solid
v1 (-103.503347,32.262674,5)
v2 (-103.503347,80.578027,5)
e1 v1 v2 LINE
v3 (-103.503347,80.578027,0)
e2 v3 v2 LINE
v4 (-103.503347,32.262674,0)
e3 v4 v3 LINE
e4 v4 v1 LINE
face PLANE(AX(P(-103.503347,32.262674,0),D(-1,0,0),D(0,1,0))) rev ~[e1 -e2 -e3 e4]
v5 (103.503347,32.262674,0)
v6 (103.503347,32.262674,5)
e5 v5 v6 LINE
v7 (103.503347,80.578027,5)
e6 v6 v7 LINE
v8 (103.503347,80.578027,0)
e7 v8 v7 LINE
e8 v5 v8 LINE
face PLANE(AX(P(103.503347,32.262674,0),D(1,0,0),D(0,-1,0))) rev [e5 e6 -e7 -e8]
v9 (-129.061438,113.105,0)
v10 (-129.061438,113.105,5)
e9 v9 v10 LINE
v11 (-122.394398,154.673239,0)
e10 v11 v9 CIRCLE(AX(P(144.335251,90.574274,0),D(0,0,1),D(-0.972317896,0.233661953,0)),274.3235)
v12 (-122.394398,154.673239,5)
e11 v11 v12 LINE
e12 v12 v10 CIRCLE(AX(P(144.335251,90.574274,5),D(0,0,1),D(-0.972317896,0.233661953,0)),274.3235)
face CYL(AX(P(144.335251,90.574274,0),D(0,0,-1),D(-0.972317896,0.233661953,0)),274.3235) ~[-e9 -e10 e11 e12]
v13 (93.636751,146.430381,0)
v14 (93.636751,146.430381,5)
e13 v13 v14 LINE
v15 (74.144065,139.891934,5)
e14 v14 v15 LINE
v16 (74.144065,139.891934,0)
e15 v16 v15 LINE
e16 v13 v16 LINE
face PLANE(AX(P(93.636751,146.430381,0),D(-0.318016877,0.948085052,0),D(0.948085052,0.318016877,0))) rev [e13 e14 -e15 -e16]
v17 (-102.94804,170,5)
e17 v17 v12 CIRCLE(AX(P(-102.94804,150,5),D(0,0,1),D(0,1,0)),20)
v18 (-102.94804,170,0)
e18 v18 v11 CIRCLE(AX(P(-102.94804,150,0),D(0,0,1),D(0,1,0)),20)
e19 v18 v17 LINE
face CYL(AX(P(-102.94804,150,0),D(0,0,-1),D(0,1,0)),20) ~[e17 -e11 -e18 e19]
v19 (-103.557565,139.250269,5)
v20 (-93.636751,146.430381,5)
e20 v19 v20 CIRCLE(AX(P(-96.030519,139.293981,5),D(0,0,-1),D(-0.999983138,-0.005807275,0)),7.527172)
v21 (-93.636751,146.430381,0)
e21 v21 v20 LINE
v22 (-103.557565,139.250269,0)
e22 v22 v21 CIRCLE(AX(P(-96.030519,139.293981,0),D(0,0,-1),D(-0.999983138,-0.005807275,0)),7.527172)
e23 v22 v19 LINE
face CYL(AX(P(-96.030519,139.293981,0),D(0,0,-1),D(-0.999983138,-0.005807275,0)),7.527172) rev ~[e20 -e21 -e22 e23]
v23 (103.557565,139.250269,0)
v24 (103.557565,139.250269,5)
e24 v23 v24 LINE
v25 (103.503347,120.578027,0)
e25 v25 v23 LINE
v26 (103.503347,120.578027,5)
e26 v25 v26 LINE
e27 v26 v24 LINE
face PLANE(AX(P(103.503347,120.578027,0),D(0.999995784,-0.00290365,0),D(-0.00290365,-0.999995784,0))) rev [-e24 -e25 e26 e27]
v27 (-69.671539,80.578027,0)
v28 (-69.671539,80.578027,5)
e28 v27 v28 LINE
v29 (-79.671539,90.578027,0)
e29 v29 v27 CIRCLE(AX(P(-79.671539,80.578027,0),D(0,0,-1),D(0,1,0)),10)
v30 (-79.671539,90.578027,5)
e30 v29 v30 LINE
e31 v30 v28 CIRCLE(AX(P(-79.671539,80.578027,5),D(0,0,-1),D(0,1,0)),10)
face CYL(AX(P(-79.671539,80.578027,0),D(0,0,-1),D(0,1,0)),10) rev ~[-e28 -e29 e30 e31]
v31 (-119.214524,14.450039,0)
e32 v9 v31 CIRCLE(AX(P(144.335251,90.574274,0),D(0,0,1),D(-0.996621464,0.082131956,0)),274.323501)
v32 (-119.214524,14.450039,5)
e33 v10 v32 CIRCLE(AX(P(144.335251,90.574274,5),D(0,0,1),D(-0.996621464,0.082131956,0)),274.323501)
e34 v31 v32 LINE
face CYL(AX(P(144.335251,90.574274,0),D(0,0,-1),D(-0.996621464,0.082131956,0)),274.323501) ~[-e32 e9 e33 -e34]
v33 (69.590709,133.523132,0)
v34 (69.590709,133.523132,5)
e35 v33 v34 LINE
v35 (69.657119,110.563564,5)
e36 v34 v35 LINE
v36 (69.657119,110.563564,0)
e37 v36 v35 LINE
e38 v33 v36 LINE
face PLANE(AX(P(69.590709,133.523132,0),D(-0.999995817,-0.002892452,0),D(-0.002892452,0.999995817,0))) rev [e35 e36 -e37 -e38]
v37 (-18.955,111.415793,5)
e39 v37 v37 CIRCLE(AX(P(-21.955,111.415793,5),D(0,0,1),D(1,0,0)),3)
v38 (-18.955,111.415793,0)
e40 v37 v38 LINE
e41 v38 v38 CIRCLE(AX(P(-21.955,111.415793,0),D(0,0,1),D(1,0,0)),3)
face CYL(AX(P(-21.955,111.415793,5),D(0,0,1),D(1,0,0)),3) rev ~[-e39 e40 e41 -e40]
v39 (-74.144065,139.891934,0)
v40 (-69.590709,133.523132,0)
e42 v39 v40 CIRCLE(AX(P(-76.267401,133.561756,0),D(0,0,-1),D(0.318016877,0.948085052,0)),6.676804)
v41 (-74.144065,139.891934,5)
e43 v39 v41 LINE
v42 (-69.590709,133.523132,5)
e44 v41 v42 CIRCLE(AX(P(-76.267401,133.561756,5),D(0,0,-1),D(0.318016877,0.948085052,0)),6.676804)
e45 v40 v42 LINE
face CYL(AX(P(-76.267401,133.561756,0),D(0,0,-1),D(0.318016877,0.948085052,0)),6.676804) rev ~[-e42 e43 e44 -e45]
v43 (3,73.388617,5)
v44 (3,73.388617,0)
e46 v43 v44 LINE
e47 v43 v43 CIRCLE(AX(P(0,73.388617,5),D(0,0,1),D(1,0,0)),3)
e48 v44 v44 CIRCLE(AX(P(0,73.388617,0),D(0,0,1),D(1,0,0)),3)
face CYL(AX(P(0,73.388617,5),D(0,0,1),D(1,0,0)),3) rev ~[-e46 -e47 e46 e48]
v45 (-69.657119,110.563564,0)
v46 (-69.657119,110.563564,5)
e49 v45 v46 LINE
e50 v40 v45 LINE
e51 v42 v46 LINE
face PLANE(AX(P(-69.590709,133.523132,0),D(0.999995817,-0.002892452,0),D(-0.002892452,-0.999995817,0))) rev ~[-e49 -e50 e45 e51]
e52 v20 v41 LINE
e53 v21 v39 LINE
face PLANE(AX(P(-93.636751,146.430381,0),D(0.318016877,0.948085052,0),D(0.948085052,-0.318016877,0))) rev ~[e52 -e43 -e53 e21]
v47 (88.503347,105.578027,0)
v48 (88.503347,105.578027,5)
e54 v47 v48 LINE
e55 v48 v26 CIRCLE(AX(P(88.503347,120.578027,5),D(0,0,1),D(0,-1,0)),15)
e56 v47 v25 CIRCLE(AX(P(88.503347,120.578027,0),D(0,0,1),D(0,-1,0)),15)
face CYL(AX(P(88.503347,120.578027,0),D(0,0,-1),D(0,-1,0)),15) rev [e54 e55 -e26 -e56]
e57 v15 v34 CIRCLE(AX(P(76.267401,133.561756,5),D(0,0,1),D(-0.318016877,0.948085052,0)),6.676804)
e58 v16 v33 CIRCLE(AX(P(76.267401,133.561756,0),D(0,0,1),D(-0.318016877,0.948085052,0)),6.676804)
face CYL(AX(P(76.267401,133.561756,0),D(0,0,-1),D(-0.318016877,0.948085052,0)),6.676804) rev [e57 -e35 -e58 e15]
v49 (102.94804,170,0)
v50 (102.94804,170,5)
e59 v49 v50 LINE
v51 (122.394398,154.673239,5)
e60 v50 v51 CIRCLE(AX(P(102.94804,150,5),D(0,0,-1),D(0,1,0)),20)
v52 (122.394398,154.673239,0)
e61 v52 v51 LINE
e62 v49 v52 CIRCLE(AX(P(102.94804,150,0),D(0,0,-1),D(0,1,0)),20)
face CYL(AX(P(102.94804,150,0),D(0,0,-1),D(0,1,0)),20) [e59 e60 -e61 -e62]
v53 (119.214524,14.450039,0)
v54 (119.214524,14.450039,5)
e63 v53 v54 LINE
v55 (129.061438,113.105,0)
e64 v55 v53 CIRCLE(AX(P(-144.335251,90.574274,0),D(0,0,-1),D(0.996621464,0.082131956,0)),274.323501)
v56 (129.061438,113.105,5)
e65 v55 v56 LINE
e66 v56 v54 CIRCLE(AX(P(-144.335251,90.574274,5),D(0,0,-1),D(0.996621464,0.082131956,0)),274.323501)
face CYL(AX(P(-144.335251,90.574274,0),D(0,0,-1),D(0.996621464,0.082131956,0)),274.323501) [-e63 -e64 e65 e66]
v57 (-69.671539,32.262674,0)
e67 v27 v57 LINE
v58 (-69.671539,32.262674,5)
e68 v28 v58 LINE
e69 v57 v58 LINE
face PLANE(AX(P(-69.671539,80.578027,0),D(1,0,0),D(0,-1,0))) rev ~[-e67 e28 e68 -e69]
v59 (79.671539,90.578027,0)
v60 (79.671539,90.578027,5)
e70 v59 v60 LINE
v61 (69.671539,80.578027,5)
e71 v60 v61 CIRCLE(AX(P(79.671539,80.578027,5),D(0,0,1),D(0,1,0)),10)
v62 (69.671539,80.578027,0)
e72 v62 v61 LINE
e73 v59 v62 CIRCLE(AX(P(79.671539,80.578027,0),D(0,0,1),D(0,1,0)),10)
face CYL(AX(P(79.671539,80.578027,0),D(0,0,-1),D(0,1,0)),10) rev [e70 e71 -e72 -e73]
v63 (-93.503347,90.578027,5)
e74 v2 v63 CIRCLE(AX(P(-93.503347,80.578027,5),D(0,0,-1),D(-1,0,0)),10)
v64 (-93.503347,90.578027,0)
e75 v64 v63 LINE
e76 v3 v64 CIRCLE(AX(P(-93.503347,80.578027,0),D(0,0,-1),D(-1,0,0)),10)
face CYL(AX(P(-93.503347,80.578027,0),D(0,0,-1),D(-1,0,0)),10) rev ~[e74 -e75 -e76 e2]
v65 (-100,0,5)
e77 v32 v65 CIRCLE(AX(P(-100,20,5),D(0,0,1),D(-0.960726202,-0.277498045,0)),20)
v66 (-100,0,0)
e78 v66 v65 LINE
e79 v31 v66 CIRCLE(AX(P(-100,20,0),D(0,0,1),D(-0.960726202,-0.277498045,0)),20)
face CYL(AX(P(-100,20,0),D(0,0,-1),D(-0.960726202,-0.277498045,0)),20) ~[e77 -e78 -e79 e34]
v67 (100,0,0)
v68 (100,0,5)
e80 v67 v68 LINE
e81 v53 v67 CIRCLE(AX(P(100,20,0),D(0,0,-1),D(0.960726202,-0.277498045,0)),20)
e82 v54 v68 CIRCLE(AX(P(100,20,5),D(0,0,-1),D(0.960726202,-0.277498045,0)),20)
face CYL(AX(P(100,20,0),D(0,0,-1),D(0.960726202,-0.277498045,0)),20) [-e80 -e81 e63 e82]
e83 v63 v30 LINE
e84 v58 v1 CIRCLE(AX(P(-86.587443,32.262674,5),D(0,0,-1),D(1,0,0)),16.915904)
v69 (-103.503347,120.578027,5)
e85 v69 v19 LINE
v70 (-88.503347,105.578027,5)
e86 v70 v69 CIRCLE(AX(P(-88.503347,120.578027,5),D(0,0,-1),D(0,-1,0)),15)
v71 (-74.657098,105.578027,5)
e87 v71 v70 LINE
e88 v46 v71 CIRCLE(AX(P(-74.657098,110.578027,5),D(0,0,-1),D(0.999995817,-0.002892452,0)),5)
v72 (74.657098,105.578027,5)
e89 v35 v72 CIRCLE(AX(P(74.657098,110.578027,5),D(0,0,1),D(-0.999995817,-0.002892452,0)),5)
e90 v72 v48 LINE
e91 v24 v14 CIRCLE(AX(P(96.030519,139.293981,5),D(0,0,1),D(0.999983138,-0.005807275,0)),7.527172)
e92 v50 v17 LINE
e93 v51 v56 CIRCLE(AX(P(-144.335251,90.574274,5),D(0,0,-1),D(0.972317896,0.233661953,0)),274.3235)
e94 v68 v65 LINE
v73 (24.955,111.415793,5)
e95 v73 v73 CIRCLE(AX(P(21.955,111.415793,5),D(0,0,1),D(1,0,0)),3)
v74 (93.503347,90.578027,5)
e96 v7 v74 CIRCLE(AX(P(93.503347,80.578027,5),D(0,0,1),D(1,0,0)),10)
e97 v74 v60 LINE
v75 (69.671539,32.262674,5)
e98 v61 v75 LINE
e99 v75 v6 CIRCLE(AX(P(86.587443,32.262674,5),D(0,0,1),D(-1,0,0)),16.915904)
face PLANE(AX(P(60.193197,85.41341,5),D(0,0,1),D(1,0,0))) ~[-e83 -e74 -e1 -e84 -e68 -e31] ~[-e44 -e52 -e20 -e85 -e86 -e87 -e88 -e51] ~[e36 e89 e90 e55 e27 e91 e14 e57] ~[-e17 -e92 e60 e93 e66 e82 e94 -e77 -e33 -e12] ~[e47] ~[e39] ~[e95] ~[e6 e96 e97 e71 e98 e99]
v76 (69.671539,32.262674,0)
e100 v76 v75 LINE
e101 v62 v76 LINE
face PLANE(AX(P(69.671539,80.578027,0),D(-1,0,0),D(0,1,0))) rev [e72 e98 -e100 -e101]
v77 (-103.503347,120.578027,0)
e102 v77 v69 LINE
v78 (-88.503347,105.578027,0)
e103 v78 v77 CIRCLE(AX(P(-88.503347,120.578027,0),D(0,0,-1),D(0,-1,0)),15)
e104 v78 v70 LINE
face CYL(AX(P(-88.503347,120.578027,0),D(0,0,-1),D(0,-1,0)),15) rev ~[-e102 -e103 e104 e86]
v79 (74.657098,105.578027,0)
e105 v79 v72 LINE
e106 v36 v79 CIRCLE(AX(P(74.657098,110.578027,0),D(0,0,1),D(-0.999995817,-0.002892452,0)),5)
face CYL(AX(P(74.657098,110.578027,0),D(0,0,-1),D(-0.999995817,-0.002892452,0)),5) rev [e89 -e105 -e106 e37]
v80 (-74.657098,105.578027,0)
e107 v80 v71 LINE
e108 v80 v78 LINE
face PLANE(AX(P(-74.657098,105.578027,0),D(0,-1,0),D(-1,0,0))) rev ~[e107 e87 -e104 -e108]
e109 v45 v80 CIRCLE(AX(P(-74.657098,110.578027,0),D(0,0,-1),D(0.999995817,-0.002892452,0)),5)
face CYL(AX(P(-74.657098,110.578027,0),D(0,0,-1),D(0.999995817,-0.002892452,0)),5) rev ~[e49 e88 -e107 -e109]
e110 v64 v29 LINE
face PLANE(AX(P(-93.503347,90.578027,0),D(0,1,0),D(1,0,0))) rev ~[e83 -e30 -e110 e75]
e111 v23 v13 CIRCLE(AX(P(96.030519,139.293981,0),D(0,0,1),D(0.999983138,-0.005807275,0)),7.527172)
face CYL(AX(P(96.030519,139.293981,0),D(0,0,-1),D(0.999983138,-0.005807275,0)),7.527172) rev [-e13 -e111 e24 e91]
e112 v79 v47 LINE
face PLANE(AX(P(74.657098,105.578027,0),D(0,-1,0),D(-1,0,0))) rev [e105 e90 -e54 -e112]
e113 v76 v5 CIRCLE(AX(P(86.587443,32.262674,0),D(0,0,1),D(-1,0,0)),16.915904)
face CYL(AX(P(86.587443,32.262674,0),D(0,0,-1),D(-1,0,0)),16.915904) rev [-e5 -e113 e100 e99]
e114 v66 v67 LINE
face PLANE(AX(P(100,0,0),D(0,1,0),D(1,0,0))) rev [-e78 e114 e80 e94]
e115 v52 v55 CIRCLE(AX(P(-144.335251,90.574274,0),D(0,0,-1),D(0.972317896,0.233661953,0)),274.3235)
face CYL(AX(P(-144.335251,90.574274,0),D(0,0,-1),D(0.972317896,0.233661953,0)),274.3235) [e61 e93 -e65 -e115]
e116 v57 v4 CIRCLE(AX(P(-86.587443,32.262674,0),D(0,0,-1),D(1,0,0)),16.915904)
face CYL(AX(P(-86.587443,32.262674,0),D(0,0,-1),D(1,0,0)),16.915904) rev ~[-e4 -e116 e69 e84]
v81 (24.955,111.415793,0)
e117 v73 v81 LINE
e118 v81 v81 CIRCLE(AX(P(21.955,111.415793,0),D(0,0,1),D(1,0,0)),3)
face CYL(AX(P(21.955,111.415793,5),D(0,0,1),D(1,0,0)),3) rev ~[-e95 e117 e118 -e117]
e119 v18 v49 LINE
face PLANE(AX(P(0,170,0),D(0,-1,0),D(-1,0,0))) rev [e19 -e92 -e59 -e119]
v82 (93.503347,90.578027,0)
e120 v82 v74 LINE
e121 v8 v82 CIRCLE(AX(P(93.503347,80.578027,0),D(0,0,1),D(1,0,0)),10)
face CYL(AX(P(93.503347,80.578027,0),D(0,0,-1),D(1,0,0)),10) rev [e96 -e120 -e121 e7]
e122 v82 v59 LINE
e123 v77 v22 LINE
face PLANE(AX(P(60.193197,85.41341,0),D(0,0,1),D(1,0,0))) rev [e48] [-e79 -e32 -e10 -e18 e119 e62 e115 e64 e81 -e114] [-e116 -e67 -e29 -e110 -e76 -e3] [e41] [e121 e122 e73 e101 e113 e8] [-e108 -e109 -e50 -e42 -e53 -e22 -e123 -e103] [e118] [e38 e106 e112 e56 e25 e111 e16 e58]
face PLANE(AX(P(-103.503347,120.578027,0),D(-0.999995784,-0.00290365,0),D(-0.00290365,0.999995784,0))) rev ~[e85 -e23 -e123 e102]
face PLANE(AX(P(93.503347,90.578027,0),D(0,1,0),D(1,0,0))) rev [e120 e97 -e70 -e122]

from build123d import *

# Parameters (mm, degrees)
DODANIE_WYCI_GNI_CIE1_DEPTH = 5
SZKIC3_R                    = 3
WYTNIJ_WYCI_GNI_CIE1_DEPTH  = 5


with BuildPart() as part:
    # Szkic1 → Dodanie-wyciągnięcie1 (new body)
    with BuildSketch(Plane.XY):
        with BuildLine():
            Line((-100, 0), (0, 0))
            Line((0, 0), (0, 170))
            Line((0, 170), (-102.948040342, 170))
            ThreePointArc((-102.948040342, 170), (-115.328169963, 165.707717548), (-122.394398271, 154.673239056))
            ThreePointArc((-122.394398271, 154.673239056), (-126.526512484, 134.017204351), (-129.061437885, 113.105))
            ThreePointArc((-129.061437885, 113.105), (-128.631920304, 63.328972076), (-119.214524038, 14.4500391))
            ThreePointArc((-119.214524038, 14.4500391), (-112.020831544, 4.015644868), (-100, 0))
        make_face()
        with BuildLine():
            ThreePointArc((-103.503346853, 80.578026571), (-100.574414665, 87.649094383), (-93.503346853, 90.578026571))
            Line((-93.503346853, 90.578026571), (-79.671539283, 90.578026571))
            ThreePointArc((-79.671539283, 90.578026571), (-72.600471471, 87.649094383), (-69.671539283, 80.578026571))
            Line((-69.671539283, 80.578026571), (-69.671539283, 32.262674049))
            ThreePointArc((-69.671539283, 32.262674049), (-86.587443068, 15.346770264), (-103.503346853, 32.262674049))
            Line((-103.503346853, 32.262674049), (-103.503346853, 80.578026571))
        make_face(mode=Mode.SUBTRACT)
        with BuildLine():
            Line((-103.503346853, 120.578026571), (-103.557564737, 139.250268571))
            ThreePointArc((-103.557564737, 139.250268571), (-100.443696898, 145.391700798), (-93.636751398, 146.430380577))
            Line((-93.636751398, 146.430380577), (-74.144065049, 139.891934241))
            ThreePointArc((-74.144065049, 139.891934241), (-70.835961623, 137.44494736), (-69.590709059, 133.523131566))
            Line((-69.590709059, 133.523131566), (-69.657118792, 110.563564309))
            ThreePointArc((-69.657118792, 110.563564309), (-71.126680855, 107.037383175), (-74.657097877, 105.578026571))
            Line((-74.657097877, 105.578026571), (-88.503346853, 105.578026571))
            ThreePointArc((-88.503346853, 105.578026571), (-99.109948571, 109.971424853), (-103.503346853, 120.578026571))
        make_face(mode=Mode.SUBTRACT)
    dodanie_wyci_gni_cie1 = extrude(amount=DODANIE_WYCI_GNI_CIE1_DEPTH)

    # Lustro1: Dodanie-wyciągnięcie1 across plane
    add(dodanie_wyci_gni_cie1.mirror(Plane(origin=(0, 0, 5), x_dir=(0, 0, 1), z_dir=(-1, 0, 0))))

    # Szkic3 → Wytnij-wyciągnięcie1 (cut)
    with BuildSketch(Plane.XY.offset(5)):
        with Locations((0, 73.388617168)):
            Circle(SZKIC3_R)
        with Locations((-21.955, 111.415792648)):
            Circle(SZKIC3_R)
        with Locations((21.955, 111.415792648)):
            Circle(SZKIC3_R)
    extrude(amount=-WYTNIJ_WYCI_GNI_CIE1_DEPTH, mode=Mode.SUBTRACT)


solid = part.part
